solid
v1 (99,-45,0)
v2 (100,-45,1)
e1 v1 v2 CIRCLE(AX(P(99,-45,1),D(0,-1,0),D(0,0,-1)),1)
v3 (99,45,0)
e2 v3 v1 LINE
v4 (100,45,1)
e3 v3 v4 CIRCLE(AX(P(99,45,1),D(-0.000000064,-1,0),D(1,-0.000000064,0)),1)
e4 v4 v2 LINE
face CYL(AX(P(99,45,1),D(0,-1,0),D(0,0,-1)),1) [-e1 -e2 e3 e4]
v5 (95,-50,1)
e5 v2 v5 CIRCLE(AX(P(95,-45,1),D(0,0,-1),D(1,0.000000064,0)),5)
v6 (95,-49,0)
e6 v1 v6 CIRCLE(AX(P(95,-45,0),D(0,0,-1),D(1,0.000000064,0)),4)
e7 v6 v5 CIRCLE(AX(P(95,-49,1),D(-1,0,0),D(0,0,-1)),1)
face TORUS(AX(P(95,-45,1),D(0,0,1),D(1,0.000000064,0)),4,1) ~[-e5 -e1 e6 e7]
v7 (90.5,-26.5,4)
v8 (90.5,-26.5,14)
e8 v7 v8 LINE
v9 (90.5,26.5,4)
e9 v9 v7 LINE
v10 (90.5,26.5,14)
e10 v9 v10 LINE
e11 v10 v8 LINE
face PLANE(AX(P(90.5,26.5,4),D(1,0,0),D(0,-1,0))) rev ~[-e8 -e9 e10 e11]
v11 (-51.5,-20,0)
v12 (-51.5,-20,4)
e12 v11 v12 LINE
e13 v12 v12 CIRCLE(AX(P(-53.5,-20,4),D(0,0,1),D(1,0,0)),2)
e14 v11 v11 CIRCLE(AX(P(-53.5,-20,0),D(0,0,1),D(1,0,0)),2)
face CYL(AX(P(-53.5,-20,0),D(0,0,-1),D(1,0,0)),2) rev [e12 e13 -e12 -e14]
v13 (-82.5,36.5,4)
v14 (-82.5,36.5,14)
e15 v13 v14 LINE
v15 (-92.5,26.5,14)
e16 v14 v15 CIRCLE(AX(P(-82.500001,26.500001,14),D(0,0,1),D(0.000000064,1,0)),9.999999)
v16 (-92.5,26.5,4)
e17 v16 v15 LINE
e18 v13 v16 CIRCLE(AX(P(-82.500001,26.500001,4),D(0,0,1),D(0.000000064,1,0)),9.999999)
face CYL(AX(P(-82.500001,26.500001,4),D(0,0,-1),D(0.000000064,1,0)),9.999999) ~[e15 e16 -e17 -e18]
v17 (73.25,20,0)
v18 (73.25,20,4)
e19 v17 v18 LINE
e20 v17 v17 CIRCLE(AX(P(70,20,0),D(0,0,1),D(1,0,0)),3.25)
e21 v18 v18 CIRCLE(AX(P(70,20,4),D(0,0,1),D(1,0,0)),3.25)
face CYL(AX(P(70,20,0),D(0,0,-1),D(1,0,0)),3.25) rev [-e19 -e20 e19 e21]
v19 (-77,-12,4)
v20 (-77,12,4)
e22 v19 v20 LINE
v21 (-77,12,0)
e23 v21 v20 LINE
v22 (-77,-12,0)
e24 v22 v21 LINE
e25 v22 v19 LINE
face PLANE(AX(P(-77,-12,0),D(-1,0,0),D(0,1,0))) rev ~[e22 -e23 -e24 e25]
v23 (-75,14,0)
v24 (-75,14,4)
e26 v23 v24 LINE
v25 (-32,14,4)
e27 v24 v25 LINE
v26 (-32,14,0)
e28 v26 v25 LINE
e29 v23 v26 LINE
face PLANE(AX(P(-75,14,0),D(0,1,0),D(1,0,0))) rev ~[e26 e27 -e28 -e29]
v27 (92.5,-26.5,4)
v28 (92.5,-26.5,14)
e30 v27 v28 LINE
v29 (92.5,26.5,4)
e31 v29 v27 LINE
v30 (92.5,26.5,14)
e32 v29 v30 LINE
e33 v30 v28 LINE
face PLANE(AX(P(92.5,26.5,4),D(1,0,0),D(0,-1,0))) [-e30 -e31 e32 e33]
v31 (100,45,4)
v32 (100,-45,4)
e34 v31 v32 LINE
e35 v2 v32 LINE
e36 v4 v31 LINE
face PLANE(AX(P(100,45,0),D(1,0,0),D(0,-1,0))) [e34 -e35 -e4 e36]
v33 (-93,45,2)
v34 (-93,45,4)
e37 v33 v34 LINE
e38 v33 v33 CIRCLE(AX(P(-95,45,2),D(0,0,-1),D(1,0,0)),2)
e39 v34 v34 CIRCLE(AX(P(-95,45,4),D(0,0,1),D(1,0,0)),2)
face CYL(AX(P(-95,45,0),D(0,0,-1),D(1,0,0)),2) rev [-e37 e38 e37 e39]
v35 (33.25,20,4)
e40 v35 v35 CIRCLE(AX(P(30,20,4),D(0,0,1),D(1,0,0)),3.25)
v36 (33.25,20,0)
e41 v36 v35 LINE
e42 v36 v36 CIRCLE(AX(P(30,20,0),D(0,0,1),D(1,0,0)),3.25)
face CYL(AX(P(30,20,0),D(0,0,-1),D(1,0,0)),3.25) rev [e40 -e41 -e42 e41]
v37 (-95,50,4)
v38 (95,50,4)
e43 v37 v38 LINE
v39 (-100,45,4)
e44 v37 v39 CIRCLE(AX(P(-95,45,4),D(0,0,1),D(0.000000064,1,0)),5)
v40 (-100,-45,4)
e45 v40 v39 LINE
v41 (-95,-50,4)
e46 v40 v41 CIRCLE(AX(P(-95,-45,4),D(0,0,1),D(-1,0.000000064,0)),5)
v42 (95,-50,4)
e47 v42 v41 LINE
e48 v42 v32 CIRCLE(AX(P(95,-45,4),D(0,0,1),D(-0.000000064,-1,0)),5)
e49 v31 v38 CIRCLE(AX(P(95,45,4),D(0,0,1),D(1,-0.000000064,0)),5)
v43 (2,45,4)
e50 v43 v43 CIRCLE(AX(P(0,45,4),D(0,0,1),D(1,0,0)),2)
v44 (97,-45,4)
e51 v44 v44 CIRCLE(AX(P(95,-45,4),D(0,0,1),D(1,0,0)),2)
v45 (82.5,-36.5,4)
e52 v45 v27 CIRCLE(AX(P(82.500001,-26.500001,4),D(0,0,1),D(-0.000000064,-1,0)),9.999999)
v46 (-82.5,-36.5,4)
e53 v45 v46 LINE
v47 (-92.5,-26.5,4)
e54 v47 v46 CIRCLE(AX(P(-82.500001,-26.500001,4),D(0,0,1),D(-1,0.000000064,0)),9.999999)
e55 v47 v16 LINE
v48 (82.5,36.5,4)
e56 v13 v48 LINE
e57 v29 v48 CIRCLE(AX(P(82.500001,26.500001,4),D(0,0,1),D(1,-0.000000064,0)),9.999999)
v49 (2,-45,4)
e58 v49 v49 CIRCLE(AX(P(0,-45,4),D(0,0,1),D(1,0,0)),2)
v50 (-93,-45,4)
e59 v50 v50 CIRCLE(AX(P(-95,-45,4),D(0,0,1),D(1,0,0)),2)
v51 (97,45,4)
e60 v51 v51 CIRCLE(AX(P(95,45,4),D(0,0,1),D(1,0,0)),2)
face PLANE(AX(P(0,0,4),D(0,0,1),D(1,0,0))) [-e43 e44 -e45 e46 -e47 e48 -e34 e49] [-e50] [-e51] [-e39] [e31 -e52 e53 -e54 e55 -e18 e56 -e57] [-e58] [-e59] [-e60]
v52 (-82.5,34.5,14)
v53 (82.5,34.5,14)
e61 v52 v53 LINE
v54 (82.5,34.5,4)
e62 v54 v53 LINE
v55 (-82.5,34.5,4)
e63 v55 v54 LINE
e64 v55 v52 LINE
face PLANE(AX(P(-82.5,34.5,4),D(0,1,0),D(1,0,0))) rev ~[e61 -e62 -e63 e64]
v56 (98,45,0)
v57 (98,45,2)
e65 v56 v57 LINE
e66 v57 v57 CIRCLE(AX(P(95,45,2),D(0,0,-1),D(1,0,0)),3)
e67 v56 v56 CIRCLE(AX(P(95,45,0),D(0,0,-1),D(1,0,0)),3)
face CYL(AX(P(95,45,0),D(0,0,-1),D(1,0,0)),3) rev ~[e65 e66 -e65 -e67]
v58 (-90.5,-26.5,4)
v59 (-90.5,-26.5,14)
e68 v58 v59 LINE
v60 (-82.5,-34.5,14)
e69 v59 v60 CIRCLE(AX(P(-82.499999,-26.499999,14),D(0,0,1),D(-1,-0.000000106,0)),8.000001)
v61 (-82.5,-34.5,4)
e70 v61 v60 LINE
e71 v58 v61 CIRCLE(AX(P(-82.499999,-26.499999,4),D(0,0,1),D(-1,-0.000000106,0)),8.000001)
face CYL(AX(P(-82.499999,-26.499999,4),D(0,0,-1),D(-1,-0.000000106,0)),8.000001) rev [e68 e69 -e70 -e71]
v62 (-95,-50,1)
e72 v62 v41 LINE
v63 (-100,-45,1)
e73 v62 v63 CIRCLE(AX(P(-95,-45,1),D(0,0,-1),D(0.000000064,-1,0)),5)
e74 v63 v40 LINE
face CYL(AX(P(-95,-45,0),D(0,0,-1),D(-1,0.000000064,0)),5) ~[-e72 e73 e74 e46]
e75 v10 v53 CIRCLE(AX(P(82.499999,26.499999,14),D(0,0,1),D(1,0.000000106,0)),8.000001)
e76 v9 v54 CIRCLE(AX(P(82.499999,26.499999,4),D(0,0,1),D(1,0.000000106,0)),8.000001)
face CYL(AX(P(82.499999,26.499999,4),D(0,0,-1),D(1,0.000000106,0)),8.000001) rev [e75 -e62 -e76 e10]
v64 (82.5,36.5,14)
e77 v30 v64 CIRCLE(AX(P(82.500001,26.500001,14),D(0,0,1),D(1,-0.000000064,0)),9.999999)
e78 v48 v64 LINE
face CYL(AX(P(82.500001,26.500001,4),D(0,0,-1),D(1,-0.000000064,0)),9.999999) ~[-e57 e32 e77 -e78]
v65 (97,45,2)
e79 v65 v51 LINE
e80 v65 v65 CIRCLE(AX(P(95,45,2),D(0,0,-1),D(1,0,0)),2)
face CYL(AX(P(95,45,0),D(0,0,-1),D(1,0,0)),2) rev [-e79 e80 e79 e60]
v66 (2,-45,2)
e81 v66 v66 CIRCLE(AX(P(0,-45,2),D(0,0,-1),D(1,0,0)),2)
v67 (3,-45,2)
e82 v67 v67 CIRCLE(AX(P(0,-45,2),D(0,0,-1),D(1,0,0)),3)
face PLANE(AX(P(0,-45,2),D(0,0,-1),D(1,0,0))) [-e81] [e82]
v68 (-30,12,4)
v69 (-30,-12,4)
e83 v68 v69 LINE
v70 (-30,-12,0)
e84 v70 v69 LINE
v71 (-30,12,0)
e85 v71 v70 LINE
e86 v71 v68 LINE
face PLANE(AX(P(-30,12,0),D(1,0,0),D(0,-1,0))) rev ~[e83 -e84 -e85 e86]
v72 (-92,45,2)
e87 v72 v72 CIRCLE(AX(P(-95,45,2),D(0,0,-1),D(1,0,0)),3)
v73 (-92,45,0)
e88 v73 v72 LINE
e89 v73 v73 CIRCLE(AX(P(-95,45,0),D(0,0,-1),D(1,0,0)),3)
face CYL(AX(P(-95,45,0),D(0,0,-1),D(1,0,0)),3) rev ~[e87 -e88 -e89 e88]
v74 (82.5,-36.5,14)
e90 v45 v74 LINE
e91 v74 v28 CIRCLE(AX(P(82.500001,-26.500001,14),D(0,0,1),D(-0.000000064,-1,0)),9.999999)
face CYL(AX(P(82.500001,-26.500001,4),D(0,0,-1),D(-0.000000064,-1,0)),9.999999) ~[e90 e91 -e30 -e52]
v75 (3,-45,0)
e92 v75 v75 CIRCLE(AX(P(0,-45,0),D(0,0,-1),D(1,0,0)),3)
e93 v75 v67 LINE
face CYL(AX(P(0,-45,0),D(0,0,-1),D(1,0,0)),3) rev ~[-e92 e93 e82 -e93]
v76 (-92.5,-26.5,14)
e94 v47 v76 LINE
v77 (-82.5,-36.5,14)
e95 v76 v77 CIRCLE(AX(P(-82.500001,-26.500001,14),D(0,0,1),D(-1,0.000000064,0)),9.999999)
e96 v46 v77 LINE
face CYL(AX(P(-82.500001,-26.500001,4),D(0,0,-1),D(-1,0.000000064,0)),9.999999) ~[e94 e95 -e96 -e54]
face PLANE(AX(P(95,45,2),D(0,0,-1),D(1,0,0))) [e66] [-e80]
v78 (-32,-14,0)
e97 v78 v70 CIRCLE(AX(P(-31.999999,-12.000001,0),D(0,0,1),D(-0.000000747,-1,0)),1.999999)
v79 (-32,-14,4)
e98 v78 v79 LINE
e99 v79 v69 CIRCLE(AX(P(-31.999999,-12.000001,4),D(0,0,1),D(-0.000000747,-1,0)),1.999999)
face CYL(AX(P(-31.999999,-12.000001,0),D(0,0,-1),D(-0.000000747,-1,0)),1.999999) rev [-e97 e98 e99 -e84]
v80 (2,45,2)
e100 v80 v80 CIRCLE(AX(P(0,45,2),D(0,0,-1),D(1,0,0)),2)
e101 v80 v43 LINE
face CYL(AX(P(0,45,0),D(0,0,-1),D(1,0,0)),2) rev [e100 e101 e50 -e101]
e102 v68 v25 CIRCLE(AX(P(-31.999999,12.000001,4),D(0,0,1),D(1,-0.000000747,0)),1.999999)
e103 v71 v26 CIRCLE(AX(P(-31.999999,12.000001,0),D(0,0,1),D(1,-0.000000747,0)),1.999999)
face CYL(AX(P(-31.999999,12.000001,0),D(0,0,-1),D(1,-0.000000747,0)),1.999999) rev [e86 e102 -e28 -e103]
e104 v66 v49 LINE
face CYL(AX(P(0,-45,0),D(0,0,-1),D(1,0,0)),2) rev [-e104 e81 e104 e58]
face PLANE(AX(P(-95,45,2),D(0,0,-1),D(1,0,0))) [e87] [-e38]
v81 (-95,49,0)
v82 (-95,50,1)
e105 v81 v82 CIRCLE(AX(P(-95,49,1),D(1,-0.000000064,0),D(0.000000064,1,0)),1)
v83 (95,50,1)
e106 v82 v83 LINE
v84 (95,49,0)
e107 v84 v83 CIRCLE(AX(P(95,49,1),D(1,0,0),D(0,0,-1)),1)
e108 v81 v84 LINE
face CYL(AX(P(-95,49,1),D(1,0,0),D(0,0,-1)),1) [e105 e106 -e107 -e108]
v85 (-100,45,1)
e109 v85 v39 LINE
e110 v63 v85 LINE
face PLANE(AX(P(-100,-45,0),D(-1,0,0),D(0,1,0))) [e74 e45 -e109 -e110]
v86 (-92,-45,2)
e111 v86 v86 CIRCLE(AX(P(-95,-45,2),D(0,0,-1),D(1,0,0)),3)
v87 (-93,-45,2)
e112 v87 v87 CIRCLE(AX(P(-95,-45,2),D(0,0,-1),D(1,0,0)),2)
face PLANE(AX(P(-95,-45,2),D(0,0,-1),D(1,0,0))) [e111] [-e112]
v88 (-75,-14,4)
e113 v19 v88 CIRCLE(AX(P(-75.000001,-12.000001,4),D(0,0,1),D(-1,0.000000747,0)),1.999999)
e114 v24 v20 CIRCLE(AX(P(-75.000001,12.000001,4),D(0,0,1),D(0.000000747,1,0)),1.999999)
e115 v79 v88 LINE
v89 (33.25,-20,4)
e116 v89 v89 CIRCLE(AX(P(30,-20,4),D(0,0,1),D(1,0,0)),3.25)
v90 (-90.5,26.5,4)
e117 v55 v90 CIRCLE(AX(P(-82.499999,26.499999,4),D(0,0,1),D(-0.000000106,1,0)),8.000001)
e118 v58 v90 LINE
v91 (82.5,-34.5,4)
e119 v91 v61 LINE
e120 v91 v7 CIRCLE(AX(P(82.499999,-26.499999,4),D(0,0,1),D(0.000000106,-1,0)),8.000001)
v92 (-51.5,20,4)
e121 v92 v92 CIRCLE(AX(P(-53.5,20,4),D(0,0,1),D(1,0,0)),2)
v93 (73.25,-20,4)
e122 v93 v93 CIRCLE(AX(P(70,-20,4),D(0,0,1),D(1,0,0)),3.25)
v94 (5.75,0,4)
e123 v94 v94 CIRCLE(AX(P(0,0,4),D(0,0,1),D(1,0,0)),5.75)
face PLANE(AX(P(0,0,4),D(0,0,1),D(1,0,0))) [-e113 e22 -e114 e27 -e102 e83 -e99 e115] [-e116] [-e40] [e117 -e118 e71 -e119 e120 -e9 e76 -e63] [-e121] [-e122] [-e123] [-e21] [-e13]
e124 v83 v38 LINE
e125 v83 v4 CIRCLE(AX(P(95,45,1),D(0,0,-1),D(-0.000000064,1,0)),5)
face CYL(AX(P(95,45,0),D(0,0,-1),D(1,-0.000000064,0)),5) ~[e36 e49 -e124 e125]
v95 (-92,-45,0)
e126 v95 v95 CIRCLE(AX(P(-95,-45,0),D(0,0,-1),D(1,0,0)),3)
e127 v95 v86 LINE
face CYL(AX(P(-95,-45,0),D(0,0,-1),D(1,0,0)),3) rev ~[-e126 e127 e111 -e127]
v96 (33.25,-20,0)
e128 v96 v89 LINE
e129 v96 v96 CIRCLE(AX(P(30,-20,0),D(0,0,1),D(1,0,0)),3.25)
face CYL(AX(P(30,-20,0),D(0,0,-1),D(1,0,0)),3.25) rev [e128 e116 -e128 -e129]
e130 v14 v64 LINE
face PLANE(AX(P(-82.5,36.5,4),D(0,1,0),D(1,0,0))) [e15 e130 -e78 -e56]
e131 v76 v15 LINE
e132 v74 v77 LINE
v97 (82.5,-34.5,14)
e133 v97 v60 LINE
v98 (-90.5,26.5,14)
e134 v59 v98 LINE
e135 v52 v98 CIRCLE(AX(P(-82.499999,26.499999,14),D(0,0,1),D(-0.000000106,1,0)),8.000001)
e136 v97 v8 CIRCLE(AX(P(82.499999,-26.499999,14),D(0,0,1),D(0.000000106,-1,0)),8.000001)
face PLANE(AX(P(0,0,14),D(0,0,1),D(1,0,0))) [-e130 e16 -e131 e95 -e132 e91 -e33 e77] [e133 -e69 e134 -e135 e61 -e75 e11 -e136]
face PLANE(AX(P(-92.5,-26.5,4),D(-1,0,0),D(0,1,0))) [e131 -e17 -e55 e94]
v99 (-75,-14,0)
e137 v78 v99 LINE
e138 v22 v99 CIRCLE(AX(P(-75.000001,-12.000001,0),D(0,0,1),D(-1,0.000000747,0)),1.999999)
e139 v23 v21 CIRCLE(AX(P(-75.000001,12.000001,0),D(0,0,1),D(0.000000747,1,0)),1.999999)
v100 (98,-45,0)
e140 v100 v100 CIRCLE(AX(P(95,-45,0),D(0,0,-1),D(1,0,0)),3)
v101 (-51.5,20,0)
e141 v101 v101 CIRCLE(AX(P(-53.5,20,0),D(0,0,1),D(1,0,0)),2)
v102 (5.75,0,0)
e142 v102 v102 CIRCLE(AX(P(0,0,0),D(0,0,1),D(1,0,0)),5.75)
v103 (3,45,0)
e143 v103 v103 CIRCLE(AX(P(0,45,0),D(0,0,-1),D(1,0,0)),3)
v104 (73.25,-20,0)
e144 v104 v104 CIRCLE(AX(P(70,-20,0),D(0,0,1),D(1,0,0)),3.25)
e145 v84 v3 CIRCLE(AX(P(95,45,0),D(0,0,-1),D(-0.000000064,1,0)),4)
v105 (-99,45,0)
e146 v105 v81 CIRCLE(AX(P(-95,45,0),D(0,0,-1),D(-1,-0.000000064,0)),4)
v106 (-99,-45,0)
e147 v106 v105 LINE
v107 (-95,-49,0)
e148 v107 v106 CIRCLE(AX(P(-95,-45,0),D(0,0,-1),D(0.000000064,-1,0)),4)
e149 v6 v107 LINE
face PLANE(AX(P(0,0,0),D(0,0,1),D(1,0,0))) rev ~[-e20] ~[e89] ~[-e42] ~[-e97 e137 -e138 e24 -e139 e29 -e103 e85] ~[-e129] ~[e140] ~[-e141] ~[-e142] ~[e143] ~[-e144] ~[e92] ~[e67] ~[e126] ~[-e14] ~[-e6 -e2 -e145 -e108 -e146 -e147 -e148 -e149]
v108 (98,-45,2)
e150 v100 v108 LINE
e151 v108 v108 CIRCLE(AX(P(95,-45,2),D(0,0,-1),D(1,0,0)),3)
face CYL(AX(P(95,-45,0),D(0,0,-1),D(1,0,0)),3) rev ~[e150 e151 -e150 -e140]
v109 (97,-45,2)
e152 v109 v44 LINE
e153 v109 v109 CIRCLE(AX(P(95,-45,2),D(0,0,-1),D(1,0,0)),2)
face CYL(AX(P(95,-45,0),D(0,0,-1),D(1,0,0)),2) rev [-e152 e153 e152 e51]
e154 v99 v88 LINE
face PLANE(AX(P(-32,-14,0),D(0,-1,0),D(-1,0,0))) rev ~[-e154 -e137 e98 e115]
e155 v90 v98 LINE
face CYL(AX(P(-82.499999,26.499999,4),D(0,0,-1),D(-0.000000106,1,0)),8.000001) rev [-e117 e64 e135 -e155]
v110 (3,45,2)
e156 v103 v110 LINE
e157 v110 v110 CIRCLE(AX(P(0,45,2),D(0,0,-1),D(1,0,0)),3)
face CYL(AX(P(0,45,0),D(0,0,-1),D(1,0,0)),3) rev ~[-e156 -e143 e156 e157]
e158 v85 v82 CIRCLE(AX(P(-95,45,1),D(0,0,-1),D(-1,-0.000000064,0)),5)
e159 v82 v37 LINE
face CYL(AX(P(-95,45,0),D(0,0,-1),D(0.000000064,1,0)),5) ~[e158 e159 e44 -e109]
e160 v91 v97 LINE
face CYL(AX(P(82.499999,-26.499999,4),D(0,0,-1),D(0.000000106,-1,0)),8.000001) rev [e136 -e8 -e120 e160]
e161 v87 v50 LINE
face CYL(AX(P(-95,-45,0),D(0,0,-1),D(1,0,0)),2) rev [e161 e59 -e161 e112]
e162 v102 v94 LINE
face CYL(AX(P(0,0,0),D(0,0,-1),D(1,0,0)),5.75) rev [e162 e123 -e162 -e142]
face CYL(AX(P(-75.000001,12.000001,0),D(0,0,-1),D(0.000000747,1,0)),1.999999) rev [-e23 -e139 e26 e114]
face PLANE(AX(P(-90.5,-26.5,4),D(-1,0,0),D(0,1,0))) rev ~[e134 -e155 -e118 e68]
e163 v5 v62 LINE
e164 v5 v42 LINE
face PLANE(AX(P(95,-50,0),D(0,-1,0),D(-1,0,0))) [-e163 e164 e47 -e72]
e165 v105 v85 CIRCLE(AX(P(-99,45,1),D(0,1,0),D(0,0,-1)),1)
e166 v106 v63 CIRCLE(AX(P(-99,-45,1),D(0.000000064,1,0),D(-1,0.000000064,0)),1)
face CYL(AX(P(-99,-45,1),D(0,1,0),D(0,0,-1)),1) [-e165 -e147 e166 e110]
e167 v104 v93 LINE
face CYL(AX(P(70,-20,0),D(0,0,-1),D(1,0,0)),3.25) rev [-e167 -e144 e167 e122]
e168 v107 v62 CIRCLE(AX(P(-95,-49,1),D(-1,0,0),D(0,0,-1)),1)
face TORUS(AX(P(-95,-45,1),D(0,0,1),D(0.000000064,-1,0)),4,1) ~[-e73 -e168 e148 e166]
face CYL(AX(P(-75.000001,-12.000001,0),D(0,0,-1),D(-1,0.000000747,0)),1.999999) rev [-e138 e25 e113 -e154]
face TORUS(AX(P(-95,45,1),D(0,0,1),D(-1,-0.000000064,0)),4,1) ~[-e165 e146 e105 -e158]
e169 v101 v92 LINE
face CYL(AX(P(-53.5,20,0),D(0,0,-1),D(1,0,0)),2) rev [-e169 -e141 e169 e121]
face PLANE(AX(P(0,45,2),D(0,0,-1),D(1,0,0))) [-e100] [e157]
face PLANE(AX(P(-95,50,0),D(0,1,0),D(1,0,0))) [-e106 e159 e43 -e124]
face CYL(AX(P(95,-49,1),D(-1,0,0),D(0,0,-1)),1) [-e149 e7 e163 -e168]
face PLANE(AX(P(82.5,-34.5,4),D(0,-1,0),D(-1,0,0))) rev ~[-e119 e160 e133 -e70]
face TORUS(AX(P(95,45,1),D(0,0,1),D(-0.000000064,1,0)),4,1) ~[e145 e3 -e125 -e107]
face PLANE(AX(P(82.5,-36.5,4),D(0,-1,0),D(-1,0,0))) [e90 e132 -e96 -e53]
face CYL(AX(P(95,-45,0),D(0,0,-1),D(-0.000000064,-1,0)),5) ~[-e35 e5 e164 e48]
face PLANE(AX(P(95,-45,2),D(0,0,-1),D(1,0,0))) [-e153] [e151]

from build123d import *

# Parameters (mm, degrees)
SKETCH_R     = 5.75
SKETCH_R_2   = 2
SKETCH_R_3   = 3.25
PAD_DEPTH    = 4
PAD001_DEPTH = 10
SKETCH002_R  = 3
POCKET_DEPTH = 2
FILLET_R     = 1


with BuildPart() as part:
    # Sketch → Pad (new body)
    with BuildSketch(Plane.XY):
        with BuildLine():
            ThreePointArc((-95, 50), (-98.535534, 48.535534), (-100, 45))
            Line((-100, -45), (-100, 45))
            ThreePointArc((-100, -45), (-98.535534, -48.535534), (-95, -50))
            Line((95, -50), (-95, -50))
            ThreePointArc((95, -50), (98.535534, -48.535534), (100, -45))
            Line((100, 45), (100, -45))
            ThreePointArc((100, 45), (98.535534, 48.535534), (95, 50))
            Line((-95, 50), (95, 50))
        make_face()
        Circle(SKETCH_R, mode=Mode.SUBTRACT)
        with Locations((95, 45)):
            Circle(SKETCH_R_2, mode=Mode.SUBTRACT)
        with Locations((95, -45)):
            Circle(SKETCH_R_2, mode=Mode.SUBTRACT)
        with Locations((-95, 45)):
            Circle(SKETCH_R_2, mode=Mode.SUBTRACT)
        with Locations((0, 45)):
            Circle(SKETCH_R_2, mode=Mode.SUBTRACT)
        with Locations((0, -45)):
            Circle(SKETCH_R_2, mode=Mode.SUBTRACT)
        with Locations((30, 20)):
            Circle(SKETCH_R_3, mode=Mode.SUBTRACT)
        with Locations((70, 20)):
            Circle(SKETCH_R_3, mode=Mode.SUBTRACT)
        with Locations((30, -20)):
            Circle(SKETCH_R_3, mode=Mode.SUBTRACT)
        with Locations((70, -20)):
            Circle(SKETCH_R_3, mode=Mode.SUBTRACT)
        with Locations((-53.5, 20)):
            Circle(SKETCH_R_2, mode=Mode.SUBTRACT)
        with Locations((-53.5, -20)):
            Circle(SKETCH_R_2, mode=Mode.SUBTRACT)
        with Locations((-95, -45)):
            Circle(SKETCH_R_2, mode=Mode.SUBTRACT)
        with BuildLine():
            ThreePointArc((-75, 14), (-76.414214, 13.414214), (-77, 12))
            Line((-77, -12), (-77, 12))
            ThreePointArc((-77, -12), (-76.414214, -13.414214), (-75, -14))
            Line((-32, -14), (-75, -14))
            ThreePointArc((-32, -14), (-30.585786, -13.414214), (-30, -12))
            Line((-30, 12), (-30, -12))
            ThreePointArc((-30, 12), (-30.585786, 13.414214), (-32, 14))
            Line((-75, 14), (-32, 14))
        make_face(mode=Mode.SUBTRACT)
    extrude(amount=PAD_DEPTH)

    # Sketch001 (on Face31 of Pad) → Pad001 (join)
    with BuildSketch(Plane.XY.offset(4)):
        with BuildLine():
            ThreePointArc((-82.5, 36.5), (-89.571068, 33.571068), (-92.5, 26.5))
            Line((-92.5, -26.5), (-92.5, 26.5))
            ThreePointArc((-92.5, -26.5), (-89.571068, -33.571068), (-82.5, -36.5))
            Line((82.5, -36.5), (-82.5, -36.5))
            ThreePointArc((82.5, -36.5), (89.571068, -33.571068), (92.5, -26.5))
            Line((92.5, 26.5), (92.5, -26.5))
            ThreePointArc((92.5, 26.5), (89.571068, 33.571068), (82.5, 36.5))
            Line((-82.5, 36.5), (82.5, 36.5))
        make_face()
        with BuildLine():
            ThreePointArc((-82.5, 34.5), (-88.156854, 32.156854), (-90.5, 26.5))
            Line((-90.5, -26.5), (-90.5, 26.5))
            ThreePointArc((-90.5, -26.5), (-88.156854, -32.156854), (-82.5, -34.5))
            Line((82.5, -34.5), (-82.5, -34.5))
            ThreePointArc((82.5, -34.5), (88.156854, -32.156854), (90.5, -26.5))
            Line((90.5, 26.5), (90.5, -26.5))
            ThreePointArc((90.5, 26.5), (88.156854, 32.156854), (82.5, 34.5))
            Line((-82.5, 34.5), (82.5, 34.5))
        make_face(mode=Mode.SUBTRACT)
    extrude(amount=PAD001_DEPTH)

    # Sketch002 (on Face4 of Pad001) → Pocket (cut)
    with BuildSketch(Plane(origin=(0, 0, 0), x_dir=(1, 0, 0), z_dir=(0, 0, -1))):
        with Locations((-95, 45)):
            Circle(SKETCH002_R)
        with Locations((0, 45)):
            Circle(SKETCH002_R)
        with Locations((95, 45)):
            Circle(SKETCH002_R)
        with Locations((95, -45)):
            Circle(SKETCH002_R)
        with Locations((0, -45)):
            Circle(SKETCH002_R)
        with Locations((-95, -45)):
            Circle(SKETCH002_R)
    extrude(amount=-POCKET_DEPTH, mode=Mode.SUBTRACT)

    # Fillet
    fillet_edges = [part.edges().sort_by_distance(p)[0] for p in [
        (0, -50, 0),
    ]]
    fillet(fillet_edges, radius=FILLET_R)


solid = part.part
